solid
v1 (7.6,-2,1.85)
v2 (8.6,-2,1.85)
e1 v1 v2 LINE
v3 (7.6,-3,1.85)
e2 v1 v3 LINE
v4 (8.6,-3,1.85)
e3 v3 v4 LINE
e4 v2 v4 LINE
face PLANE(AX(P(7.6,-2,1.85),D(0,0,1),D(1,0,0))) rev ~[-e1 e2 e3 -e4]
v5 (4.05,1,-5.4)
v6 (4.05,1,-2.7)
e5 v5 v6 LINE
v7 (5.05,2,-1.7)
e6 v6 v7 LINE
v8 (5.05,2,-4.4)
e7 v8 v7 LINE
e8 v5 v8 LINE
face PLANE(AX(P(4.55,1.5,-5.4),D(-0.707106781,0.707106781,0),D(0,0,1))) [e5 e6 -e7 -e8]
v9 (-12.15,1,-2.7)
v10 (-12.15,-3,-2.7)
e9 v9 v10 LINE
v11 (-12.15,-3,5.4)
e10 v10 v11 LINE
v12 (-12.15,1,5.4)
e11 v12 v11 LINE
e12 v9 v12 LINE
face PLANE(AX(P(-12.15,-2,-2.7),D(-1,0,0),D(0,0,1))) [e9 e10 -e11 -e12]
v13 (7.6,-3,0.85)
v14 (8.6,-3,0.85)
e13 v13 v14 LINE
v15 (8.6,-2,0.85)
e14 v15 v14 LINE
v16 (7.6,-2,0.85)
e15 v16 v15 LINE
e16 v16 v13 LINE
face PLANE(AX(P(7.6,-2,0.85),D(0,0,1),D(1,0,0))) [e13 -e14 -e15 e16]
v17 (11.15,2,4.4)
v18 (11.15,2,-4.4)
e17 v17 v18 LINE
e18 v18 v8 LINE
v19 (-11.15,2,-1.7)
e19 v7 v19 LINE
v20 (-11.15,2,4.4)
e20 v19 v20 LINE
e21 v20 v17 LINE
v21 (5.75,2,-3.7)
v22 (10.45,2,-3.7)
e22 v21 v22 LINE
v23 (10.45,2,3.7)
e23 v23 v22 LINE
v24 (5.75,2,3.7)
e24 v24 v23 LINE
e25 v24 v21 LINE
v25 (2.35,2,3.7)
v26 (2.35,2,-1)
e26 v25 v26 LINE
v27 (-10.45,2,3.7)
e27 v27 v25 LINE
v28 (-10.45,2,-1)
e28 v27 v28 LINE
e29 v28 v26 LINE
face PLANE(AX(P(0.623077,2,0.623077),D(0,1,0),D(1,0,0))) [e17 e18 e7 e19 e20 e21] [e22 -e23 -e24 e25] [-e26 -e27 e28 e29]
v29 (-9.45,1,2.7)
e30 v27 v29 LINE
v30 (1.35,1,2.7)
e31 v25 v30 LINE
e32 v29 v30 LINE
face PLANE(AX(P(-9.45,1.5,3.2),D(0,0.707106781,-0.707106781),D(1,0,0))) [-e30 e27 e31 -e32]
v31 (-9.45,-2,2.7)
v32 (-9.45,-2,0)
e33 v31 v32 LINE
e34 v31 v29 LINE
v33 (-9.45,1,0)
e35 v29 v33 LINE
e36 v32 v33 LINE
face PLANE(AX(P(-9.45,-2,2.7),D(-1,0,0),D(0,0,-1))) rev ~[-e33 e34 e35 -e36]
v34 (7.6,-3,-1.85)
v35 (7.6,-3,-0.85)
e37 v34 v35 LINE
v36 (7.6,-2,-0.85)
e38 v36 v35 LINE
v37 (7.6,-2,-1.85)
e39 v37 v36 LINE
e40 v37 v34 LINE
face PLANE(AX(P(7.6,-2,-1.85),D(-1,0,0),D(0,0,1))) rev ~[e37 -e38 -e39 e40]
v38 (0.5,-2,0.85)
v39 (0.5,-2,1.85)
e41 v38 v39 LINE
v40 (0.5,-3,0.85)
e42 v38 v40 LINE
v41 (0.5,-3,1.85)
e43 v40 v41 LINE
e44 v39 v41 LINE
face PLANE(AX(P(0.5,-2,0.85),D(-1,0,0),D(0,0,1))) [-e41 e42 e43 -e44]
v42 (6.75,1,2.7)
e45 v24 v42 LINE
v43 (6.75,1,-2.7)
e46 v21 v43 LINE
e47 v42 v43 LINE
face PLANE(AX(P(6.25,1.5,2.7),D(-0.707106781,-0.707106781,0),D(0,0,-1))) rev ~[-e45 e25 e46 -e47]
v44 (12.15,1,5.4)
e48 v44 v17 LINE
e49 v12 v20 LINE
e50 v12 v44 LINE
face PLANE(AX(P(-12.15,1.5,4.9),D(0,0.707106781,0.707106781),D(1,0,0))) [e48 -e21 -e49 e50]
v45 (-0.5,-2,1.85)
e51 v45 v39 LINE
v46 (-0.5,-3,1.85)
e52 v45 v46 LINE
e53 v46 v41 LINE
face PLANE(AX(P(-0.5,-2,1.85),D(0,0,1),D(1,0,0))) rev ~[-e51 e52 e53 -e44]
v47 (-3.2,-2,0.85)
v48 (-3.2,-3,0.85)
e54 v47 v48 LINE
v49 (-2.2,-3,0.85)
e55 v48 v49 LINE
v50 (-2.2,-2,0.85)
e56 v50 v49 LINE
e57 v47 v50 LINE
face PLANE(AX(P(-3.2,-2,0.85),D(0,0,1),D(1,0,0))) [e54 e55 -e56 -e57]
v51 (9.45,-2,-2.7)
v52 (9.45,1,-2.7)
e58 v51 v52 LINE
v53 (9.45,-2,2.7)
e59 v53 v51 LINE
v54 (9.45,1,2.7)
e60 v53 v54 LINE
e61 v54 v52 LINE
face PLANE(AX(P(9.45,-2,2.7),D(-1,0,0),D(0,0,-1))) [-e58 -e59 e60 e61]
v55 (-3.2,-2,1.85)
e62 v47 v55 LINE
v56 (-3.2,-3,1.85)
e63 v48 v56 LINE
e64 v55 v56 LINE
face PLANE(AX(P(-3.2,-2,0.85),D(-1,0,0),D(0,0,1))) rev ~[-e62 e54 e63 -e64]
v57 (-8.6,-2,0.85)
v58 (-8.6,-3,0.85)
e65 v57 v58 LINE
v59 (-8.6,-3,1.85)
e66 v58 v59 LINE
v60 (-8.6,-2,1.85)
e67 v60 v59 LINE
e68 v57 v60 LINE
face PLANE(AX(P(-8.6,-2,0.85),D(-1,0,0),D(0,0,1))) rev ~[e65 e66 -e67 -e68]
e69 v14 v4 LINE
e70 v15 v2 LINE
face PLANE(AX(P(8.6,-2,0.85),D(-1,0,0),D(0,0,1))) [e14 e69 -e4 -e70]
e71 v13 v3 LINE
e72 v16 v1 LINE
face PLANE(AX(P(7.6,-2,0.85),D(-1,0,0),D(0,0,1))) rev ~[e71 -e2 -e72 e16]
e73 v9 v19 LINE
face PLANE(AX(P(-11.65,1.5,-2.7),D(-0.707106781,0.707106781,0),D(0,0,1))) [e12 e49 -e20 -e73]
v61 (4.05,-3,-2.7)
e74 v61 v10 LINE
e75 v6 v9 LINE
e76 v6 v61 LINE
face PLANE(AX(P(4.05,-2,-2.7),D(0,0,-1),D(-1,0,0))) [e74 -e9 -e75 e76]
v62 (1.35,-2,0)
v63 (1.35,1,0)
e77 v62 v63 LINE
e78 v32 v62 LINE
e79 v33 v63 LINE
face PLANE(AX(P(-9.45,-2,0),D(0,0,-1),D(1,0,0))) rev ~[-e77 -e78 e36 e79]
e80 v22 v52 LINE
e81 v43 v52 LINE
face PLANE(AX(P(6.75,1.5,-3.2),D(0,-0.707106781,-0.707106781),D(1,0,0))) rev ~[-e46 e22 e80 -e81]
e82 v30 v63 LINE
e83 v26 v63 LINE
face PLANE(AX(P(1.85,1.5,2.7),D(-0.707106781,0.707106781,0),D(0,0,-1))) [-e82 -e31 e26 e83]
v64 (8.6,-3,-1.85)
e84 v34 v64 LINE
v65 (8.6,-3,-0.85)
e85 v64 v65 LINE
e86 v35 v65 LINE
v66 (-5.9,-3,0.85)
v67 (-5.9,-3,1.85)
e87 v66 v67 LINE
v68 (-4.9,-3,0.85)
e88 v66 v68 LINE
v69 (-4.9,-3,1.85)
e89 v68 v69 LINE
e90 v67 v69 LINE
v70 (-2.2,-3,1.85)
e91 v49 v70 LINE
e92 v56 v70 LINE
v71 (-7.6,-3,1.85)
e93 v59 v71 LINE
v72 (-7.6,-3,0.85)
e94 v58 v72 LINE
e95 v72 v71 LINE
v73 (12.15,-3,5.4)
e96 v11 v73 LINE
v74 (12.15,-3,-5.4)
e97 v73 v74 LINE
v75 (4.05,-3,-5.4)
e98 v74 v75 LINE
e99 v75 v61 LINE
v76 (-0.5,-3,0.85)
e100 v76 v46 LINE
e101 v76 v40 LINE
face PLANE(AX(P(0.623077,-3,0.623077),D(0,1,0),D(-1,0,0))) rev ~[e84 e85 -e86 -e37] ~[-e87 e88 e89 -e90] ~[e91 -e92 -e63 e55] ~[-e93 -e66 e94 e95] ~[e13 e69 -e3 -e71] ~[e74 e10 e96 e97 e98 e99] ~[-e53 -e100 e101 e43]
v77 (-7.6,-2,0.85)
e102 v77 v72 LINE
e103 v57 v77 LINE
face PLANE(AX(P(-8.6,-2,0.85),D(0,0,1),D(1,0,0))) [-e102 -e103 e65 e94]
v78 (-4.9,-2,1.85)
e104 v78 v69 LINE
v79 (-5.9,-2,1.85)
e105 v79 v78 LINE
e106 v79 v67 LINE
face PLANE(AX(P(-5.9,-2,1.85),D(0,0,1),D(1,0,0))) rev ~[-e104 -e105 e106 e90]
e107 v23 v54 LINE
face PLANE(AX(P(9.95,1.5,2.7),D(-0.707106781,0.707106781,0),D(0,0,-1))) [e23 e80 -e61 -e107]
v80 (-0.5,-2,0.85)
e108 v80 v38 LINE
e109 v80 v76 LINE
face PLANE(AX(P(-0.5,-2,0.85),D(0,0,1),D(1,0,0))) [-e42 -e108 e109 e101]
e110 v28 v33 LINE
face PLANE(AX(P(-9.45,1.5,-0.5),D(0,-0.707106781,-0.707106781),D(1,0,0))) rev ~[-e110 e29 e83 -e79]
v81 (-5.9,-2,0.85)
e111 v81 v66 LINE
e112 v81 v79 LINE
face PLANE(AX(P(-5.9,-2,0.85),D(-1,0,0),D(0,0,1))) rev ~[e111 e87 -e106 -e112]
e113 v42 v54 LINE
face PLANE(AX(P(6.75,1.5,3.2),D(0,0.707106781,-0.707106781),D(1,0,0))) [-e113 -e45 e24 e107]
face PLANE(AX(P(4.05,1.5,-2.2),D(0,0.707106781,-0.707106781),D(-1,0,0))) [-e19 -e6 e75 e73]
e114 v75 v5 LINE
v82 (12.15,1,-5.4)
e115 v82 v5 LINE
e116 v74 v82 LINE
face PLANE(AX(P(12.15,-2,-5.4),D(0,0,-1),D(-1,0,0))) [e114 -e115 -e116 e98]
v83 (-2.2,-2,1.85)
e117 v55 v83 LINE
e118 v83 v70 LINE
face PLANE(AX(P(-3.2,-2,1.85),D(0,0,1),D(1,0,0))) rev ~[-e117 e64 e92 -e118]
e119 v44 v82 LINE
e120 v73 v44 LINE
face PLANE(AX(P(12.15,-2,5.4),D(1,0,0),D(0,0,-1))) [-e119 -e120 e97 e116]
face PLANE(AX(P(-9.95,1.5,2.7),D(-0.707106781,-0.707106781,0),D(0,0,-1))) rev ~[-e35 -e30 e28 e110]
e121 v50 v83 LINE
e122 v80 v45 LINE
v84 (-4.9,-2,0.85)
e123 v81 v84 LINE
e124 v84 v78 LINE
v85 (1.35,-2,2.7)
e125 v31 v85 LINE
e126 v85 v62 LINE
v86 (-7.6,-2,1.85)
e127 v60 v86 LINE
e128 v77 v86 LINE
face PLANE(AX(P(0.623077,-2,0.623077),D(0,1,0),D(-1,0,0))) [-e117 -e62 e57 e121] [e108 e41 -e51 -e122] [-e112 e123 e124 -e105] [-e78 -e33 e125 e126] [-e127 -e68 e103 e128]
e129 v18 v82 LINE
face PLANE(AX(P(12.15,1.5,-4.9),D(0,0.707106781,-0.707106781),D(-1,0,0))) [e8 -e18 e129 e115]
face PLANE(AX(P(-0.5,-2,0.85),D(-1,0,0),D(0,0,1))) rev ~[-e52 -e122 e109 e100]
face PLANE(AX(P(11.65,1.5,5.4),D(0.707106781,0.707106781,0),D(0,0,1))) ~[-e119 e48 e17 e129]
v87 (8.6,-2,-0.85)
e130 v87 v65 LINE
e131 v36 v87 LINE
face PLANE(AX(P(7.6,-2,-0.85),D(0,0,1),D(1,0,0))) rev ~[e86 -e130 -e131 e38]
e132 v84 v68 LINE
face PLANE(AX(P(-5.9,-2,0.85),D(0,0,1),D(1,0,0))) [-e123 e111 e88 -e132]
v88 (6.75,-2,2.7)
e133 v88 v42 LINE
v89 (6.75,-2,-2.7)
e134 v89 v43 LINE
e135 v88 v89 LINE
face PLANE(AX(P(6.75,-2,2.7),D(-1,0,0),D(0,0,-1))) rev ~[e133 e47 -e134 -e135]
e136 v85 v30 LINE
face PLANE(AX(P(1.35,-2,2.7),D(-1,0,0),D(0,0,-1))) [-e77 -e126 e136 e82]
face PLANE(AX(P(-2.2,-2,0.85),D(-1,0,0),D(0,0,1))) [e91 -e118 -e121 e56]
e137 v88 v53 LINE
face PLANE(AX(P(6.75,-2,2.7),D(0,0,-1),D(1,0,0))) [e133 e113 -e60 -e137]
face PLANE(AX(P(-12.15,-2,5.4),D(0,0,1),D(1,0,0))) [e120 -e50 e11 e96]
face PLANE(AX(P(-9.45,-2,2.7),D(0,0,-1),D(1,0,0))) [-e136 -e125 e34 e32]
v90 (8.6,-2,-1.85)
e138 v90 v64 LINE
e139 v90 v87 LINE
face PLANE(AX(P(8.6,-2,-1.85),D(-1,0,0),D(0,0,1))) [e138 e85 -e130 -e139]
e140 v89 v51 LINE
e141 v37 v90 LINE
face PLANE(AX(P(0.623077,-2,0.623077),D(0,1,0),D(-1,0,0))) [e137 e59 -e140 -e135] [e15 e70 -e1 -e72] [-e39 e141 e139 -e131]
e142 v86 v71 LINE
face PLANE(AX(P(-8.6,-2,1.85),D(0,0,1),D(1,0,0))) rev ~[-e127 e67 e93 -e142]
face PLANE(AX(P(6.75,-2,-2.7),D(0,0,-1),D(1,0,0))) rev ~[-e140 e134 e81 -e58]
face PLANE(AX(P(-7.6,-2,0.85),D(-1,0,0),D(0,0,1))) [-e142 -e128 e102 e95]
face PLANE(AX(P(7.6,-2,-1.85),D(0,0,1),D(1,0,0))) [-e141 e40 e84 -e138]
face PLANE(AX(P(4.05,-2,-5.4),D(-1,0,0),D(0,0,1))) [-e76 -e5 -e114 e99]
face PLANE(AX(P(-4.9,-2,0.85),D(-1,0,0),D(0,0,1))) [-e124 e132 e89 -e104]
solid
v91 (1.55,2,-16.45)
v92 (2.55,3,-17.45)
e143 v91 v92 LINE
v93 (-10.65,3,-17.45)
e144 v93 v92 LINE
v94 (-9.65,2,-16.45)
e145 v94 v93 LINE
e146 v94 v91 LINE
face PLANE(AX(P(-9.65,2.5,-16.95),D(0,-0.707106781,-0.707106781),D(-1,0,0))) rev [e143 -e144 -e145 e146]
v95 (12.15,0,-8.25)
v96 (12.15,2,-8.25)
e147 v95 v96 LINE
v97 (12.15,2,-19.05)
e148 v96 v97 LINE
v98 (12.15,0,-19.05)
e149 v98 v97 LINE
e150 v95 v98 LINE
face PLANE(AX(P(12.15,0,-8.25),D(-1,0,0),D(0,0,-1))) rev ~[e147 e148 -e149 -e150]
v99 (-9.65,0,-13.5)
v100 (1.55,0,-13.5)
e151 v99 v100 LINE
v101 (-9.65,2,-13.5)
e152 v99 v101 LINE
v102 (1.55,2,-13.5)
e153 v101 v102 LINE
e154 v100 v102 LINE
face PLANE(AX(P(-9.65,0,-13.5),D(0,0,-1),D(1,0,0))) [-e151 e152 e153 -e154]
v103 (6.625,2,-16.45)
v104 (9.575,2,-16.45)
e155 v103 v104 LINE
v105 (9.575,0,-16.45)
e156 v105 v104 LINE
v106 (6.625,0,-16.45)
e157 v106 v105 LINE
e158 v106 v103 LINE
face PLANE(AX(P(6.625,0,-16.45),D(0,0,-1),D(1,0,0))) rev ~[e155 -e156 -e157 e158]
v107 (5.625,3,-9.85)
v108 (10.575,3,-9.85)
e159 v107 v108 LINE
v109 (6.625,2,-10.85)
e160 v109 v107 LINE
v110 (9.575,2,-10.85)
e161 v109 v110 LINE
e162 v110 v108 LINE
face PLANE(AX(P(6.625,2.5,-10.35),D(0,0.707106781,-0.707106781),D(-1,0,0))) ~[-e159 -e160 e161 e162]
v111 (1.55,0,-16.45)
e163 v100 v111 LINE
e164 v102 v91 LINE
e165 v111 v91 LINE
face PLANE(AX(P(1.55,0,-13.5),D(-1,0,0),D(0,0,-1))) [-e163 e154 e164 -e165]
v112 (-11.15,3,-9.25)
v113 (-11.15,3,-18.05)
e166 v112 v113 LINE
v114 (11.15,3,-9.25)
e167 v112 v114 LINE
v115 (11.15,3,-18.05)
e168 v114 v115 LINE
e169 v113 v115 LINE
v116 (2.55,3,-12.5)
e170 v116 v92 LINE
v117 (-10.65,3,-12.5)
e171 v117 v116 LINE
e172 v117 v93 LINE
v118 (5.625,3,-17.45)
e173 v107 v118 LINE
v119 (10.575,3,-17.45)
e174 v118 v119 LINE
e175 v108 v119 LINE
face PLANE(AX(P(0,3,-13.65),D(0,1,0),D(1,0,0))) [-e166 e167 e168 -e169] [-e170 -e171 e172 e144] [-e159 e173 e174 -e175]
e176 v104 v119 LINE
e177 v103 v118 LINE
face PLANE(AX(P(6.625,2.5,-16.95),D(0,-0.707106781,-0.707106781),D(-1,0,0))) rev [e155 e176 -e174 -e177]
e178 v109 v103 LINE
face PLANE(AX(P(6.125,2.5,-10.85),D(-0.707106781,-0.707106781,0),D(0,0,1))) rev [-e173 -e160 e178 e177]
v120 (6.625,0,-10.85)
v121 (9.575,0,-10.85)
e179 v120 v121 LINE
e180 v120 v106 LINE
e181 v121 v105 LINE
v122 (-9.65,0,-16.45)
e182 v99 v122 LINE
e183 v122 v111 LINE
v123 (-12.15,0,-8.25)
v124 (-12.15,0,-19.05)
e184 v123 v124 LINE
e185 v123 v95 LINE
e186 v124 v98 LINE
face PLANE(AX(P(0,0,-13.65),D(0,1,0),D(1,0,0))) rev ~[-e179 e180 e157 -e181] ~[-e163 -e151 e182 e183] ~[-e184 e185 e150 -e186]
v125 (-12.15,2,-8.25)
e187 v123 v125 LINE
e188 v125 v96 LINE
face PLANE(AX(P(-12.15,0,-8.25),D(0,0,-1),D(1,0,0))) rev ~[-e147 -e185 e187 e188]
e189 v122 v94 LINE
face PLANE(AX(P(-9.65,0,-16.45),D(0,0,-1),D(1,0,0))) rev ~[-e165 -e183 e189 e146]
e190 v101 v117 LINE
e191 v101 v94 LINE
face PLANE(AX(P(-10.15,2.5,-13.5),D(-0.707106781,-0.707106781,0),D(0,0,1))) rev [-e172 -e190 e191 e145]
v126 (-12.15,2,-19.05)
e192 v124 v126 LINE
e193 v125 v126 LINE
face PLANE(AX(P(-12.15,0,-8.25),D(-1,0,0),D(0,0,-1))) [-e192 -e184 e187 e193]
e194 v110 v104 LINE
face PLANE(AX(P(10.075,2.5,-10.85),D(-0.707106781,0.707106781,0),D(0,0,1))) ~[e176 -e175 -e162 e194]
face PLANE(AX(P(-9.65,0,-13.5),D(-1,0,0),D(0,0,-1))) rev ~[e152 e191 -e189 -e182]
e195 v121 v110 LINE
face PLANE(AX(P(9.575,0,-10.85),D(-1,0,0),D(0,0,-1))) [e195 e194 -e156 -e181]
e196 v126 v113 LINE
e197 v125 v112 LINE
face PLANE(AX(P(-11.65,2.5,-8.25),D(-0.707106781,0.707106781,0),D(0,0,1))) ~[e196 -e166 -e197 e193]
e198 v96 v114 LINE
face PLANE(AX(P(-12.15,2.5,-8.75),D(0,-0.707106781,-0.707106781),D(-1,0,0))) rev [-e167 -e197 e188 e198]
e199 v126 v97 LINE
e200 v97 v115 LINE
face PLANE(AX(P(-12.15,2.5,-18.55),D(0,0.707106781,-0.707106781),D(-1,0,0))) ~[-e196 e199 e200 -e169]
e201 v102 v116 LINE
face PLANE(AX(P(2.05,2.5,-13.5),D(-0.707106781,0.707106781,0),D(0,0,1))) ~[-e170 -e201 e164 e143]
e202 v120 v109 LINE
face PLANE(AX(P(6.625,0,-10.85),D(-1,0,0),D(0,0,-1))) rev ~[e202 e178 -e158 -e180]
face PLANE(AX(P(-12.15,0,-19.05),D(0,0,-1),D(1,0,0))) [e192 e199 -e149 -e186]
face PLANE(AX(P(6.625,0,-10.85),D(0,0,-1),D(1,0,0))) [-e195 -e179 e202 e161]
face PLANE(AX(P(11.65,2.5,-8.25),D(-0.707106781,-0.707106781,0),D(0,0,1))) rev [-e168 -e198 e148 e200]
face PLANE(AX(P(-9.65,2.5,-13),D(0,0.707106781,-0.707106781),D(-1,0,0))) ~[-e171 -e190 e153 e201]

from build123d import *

# Parameters (mm, degrees)
BOSS_EXTRUDE1_DEPTH      = 2
BOSS_EXTRUDE1_DEPTH_BACK = 2
SKETCH1_W                = 2.7
SKETCH1_H                = 5.4
SKETCH1_W_2              = 10.8
SKETCH1_H_2              = 2.7
SKETCH2_W                = 1
SKETCH2_H                = 1
BOSS_EXTRUDE2_DEPTH      = 1
CHAMFER3_SIZE            = 1
SKETCH3_W                = 24.3
SKETCH3_H                = 10.8
SKETCH3_W_2              = 11.2
SKETCH3_H_2              = 2.95
SKETCH3_W_3              = 2.95
SKETCH3_H_3              = 5.6
BOSS_EXTRUDE3_DEPTH      = 3
CHAMFER4_SIZE            = 1


with BuildPart() as part:
    # Sketch1 → Boss-Extrude1 (new, two sides: drawn at the far end of the back side and taken through both)
    with BuildSketch(Plane(origin=(0, 0, 0), x_dir=(1, 0, 0), z_dir=(0, 1, 0)).offset(-BOSS_EXTRUDE1_DEPTH_BACK)):
        Polygon((-12.15, -5.4), (12.15, -5.4), (12.15, 5.4), (4.05, 5.4), (4.05, 2.7), (-12.15, 2.7), align=None)
        with Locations((8.1, 0)):
            Rectangle(SKETCH1_W, SKETCH1_H, mode=Mode.SUBTRACT)
        with Locations((-4.05, -1.35)):
            Rectangle(SKETCH1_W_2, SKETCH1_H_2, mode=Mode.SUBTRACT)
    extrude(amount=BOSS_EXTRUDE1_DEPTH + BOSS_EXTRUDE1_DEPTH_BACK)

    # Sketch2 → Boss-Extrude2 (add)
    with BuildSketch(Plane.XZ.offset(2)):
        Polygon((-12.15, 5.4), (12.15, 5.4), (12.15, -5.4), (4.05, -5.4), (4.05, -2.7), (-12.15, -2.7), align=None)
        with Locations((-8.1, 1.35)):
            Rectangle(SKETCH2_W, SKETCH2_H, mode=Mode.SUBTRACT)
        with Locations((-5.4, 1.35)):
            Rectangle(SKETCH2_W, SKETCH2_H, mode=Mode.SUBTRACT)
        with Locations((-2.7, 1.35)):
            Rectangle(SKETCH2_W, SKETCH2_H, mode=Mode.SUBTRACT)
        with Locations((0, 1.35)):
            Rectangle(SKETCH2_W, SKETCH2_H, mode=Mode.SUBTRACT)
        with Locations((8.1, 1.35)):
            Rectangle(SKETCH2_W, SKETCH2_H, mode=Mode.SUBTRACT)
        with Locations((8.1, -1.35)):
            Rectangle(SKETCH2_W, SKETCH2_H, mode=Mode.SUBTRACT)
    extrude(amount=BOSS_EXTRUDE2_DEPTH)

    # Chamfer3
    chamfer3_edges = [part.edges().sort_by_distance(p)[0] for p in [
        (-12.15, 2, 1.35),
        (0, 2, 5.4),
        (12.15, 2, 0),
        (8.1, 2, -5.4),
        (4.05, 2, -4.05),
        (-4.05, 2, -2.7),
        (6.75, 2, 0),
        (8.1, 2, 2.7),
        (9.45, 2, 0),
        (8.1, 2, -2.7),
        (-9.45, 2, 1.35),
        (-4.05, 2, 2.7),
        (1.35, 2, 1.35),
        (-4.05, 2, 0),
    ]]
    chamfer(chamfer3_edges, length=CHAMFER3_SIZE)


with BuildPart() as body_2:
    # Sketch3 → Boss-Extrude3 (new body)
    with BuildSketch(Plane(origin=(0, 0, 0), x_dir=(1, 0, 0), z_dir=(0, 1, 0))):
        with Locations((0, 13.65)):
            Rectangle(SKETCH3_W, SKETCH3_H)
        with Locations((-4.05, 14.975)):
            Rectangle(SKETCH3_W_2, SKETCH3_H_2, mode=Mode.SUBTRACT)
        with Locations((8.1, 13.65)):
            Rectangle(SKETCH3_W_3, SKETCH3_H_3, mode=Mode.SUBTRACT)
    extrude(amount=BOSS_EXTRUDE3_DEPTH)

    # Chamfer4
    chamfer4_edges = [body_2.edges().sort_by_distance(p)[0] for p in [
        (0, 3, -19.05),
        (-12.15, 3, -13.65),
        (0, 3, -8.25),
        (-4.05, 3, -16.45),
        (1.55, 3, -14.975),
        (-4.05, 3, -13.5),
        (-9.65, 3, -14.975),
        (8.1, 3, -16.45),
        (9.575, 3, -13.65),
        (8.1, 3, -10.85),
        (6.625, 3, -13.65),
        (12.15, 3, -13.65),
    ]]
    chamfer(chamfer4_edges, length=CHAMFER4_SIZE)


solid = Compound([part.part, body_2.part])
